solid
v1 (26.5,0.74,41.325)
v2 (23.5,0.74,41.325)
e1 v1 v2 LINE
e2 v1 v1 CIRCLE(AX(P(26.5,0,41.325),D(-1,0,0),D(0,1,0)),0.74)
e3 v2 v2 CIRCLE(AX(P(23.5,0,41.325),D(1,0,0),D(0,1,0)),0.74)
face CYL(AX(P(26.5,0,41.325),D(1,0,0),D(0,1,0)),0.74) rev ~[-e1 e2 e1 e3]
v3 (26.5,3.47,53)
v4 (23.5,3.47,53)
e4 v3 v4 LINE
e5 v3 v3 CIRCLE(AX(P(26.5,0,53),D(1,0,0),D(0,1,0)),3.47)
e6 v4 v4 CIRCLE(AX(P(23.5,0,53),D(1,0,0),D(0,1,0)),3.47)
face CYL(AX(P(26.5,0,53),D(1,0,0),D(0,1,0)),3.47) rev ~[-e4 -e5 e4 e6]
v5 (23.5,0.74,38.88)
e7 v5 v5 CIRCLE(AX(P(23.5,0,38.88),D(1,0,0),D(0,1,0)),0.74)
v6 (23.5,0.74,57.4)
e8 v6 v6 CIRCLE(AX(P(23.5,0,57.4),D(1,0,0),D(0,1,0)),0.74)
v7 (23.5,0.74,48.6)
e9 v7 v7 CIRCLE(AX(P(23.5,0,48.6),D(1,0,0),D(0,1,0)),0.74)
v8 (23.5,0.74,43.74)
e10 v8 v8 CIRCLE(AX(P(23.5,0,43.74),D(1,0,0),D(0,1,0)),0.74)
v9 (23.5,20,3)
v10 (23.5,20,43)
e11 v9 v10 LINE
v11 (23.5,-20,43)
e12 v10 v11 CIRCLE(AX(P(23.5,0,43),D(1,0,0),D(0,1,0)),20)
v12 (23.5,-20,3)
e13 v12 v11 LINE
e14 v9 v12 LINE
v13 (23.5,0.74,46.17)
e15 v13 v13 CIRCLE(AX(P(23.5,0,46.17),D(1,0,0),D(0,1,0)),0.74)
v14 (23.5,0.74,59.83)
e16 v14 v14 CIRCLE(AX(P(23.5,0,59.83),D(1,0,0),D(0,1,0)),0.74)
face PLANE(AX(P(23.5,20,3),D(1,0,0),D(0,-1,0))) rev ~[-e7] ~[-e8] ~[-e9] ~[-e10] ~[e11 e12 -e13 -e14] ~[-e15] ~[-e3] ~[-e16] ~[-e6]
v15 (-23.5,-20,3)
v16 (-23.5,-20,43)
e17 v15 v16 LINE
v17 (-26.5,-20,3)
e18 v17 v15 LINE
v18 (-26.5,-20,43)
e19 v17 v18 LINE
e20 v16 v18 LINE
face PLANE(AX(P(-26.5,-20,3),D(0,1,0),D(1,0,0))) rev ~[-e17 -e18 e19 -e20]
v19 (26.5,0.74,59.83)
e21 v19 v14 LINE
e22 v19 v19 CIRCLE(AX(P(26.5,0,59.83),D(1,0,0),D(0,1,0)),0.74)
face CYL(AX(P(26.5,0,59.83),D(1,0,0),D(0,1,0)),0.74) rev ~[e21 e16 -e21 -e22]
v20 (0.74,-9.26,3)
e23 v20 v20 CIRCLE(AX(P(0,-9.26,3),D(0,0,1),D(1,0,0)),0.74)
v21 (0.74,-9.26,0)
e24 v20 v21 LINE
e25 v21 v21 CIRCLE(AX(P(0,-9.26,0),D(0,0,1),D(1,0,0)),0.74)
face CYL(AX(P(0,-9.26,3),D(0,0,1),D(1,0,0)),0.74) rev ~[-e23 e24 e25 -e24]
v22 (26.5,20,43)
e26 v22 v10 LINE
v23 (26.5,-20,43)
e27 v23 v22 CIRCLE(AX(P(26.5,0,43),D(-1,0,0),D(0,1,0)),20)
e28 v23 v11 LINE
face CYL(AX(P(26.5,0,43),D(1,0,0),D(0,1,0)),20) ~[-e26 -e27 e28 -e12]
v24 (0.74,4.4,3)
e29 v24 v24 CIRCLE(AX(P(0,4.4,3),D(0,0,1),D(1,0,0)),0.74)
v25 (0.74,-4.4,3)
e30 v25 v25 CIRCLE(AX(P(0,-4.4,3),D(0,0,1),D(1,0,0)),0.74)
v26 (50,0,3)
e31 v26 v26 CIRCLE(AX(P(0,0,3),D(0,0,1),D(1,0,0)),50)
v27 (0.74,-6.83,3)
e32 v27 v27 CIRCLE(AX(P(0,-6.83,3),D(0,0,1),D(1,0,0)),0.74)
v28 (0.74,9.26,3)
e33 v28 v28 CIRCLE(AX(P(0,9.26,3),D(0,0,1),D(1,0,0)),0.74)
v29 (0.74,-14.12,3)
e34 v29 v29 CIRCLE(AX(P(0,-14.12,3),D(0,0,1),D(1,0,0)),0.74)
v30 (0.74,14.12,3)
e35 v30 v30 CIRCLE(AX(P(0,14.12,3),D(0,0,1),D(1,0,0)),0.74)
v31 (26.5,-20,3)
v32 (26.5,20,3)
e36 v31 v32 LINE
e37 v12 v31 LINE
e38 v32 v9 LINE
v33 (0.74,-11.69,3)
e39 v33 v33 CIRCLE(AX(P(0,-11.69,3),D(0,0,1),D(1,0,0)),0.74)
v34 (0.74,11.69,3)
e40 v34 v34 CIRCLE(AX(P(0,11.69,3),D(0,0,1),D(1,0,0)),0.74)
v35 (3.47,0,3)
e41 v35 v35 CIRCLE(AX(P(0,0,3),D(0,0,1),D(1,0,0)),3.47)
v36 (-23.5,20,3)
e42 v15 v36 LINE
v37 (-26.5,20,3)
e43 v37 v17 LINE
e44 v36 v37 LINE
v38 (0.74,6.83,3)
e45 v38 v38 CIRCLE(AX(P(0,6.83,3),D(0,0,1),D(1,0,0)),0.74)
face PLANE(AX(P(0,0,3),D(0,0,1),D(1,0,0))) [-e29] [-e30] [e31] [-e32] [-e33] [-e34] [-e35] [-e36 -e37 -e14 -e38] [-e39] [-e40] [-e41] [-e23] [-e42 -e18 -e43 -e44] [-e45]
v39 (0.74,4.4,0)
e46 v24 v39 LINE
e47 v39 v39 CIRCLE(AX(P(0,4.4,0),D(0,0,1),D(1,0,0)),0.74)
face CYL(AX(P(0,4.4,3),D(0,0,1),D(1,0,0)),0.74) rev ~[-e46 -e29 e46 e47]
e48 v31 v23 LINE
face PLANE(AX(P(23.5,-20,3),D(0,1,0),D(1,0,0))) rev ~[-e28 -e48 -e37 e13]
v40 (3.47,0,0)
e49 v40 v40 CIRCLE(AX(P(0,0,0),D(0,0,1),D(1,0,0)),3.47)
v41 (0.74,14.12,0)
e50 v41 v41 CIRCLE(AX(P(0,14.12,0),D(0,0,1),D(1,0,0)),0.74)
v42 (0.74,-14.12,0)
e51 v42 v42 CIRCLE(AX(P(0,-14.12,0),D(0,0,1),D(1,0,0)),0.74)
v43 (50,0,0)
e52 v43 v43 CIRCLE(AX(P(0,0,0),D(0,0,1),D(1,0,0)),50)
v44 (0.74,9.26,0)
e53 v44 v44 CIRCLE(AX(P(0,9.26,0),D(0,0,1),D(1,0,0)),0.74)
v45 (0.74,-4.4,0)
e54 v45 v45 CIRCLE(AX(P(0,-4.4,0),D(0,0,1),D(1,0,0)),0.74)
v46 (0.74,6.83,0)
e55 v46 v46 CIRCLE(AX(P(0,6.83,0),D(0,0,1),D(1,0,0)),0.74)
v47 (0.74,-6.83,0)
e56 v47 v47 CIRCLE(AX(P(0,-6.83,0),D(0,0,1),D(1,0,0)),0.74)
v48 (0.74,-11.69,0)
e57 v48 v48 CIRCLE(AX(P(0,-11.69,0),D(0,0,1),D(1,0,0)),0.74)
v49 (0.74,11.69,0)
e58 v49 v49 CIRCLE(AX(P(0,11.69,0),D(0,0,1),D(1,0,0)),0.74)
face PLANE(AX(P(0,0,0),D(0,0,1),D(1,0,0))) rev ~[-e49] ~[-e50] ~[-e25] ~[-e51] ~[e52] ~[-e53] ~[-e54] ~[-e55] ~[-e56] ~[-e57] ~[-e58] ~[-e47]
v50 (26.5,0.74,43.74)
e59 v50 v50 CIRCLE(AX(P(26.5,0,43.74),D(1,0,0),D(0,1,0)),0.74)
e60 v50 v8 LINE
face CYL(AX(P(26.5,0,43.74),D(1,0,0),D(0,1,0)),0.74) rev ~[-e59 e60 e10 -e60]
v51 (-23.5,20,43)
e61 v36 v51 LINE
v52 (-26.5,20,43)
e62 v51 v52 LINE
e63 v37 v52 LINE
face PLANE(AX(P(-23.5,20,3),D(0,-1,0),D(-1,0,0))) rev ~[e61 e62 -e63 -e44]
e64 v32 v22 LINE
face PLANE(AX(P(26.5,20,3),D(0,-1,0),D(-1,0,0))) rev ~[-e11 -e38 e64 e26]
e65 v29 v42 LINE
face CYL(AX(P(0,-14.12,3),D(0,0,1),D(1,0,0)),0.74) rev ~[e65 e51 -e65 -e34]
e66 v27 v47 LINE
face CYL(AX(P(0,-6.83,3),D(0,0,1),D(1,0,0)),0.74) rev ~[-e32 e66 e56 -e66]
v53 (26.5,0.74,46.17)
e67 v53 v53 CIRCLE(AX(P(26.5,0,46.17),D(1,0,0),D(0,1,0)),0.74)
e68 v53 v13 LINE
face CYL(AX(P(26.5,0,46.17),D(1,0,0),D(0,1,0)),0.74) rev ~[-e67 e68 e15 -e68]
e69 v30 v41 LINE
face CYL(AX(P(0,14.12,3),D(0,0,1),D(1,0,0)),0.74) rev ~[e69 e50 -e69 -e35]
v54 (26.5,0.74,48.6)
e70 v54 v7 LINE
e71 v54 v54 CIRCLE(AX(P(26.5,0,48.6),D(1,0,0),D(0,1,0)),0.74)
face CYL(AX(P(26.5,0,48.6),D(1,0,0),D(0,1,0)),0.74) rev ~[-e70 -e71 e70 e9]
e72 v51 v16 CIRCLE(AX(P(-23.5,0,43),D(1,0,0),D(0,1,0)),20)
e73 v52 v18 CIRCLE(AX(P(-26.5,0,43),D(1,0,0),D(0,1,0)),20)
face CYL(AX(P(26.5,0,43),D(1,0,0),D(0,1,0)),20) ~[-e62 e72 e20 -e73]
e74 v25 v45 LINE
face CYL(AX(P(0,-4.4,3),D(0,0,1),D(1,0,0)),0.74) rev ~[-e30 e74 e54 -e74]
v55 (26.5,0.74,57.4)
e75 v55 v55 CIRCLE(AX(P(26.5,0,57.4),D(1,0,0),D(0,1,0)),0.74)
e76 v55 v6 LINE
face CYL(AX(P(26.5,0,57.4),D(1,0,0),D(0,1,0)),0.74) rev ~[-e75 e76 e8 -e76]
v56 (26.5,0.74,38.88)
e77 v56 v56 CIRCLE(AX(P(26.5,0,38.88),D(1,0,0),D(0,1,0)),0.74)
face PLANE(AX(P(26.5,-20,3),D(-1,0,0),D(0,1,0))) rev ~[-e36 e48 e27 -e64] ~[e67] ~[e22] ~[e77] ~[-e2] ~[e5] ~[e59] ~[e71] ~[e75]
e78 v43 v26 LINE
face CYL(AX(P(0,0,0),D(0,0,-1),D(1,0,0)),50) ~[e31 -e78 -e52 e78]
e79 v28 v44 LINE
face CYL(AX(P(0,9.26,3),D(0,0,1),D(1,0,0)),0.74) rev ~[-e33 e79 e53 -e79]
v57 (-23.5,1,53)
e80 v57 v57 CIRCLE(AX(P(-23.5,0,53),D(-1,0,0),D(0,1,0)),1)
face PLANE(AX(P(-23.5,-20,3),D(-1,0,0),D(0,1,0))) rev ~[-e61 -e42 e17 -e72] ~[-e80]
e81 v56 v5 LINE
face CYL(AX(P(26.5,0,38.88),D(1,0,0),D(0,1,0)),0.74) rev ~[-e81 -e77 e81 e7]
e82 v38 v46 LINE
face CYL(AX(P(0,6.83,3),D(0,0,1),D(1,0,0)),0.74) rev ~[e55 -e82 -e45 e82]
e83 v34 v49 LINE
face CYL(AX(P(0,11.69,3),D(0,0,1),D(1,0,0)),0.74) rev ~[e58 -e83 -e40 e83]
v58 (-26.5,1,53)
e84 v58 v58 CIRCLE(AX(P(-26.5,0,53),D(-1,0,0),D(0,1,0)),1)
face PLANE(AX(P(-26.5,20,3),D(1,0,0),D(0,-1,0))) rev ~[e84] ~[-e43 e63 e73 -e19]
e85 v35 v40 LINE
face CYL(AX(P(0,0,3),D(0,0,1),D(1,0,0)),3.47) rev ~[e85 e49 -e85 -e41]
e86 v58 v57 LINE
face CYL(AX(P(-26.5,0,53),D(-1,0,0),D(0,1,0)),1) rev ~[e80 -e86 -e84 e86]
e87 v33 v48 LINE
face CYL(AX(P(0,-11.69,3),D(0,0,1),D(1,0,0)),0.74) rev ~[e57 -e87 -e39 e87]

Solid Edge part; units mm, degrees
sketch "Sketch1" plane through (0, 0, 0) normal (0, 0, 1) x (1, 0, 0)
  circle A0 centre (0, 0) radius 50
extrude "Protrusion1" add sketch "Sketch1" along normal blind 3
sketch "Sketch2" plane through (0, 0, 3) normal (0, 0, 1) x (1, 0, 0)
  circle A0 centre (0, 0) radius 3.47
  circle A1 centre (0, 4.4) radius 0.74
  circle A2 centre (0, 6.83) radius 0.74
  circle A3 centre (0, 9.26) radius 0.74
  circle A4 centre (0, 11.69) radius 0.74
  circle A5 centre (0, 14.12) radius 0.74
  circle A6 centre (0, -4.4) radius 0.74
  circle A7 centre (0, -6.83) radius 0.74
  circle A8 centre (0, -9.26) radius 0.74
  circle A9 centre (0, -11.69) radius 0.74
  circle A10 centre (0, -14.12) radius 0.74
extrude "ExtrudedCutout_1" cut sketch "Sketch2" against normal blind 36.9192
sketch "Sketch3" plane through (0, 0, 3) normal (0, 0, 1) x (1, 0, 0)
  line L0 (-23.5, 20) -> (-26.5, 20)
  line L1 (-26.5, 20) -> (-26.5, -20)
  line L2 (-26.5, -20) -> (-23.5, -20)
  line L3 (-23.5, -20) -> (-23.5, 20)
  line L4 (26.5, 20) -> (23.5, 20)
  line L5 (23.5, 20) -> (23.5, -20)
  line L6 (23.5, -20) -> (26.5, -20)
  line L7 (26.5, -20) -> (26.5, 20)
extrude "ExtrudedProtrusion_2" add sketch "Sketch3" along normal blind 70
sketch "Sketch4" plane through (26.5, 0, 38) normal (1, 0, 0) x (0, 1, 0)
  arc A0 (-20, 5) -> (20, 5) centre (0, 5) cw
  line L0 (21.1932, 5) -> (20, 5)
  line L1 (21.1932, 36.3058) -> (21.1932, 5)
  line L2 (-22.4171, 36.3058) -> (21.1932, 36.3058)
  line L3 (-22.4171, 5) -> (-22.4171, 36.3058)
  line L4 (-20, 5) -> (-22.4171, 5)
extrude "ExtrudedCutout_2" cut sketch "Sketch4" against normal blind 67.3152
sketch "Sketch5" plane through (26.5, 0, 33) normal (1, 0, 0) x (0, 1, 0)
  circle A0 centre (0, 20) radius 3.47
  circle A1 centre (0, 24.4) radius 0.725
  circle A2 centre (0, 26.83) radius 0.725
  circle A3 centre (0, 15.6) radius 0.725
  circle A4 centre (0, 13.17) radius 0.725
  circle A5 centre (0, 10.74) radius 0.725
  circle A6 centre (0, 8.31) radius 0.725
  circle A7 centre (0, 5.88) radius 0.725
extrude "ExtrudedCutout_3" cut sketch "Sketch5" against normal blind 3
sketch "Sketch6" plane through (26.5, 0, 33) normal (1, 0, 0) x (0, 1, 0)
  circle A0 centre (0, 24.4) radius 0.74
  circle A1 centre (0, 26.83) radius 0.74
  circle A2 centre (0, 5.88) radius 0.74
  circle A3 centre (0, 8.325) radius 0.74
  circle A4 centre (0, 10.74) radius 0.74
  circle A5 centre (0, 13.17) radius 0.74
  circle A6 centre (0, 15.6) radius 0.74
extrude "Cutout1" cut sketch "Sketch6" against normal blind 3
sketch "Sketch7" plane through (-26.5, 0, 33) normal (-1, 0, 0) x (0, 1, 0)
  circle A0 centre (0, -20) radius 1
extrude "Cutout2" cut sketch "Sketch7" against normal blind 4.0137
